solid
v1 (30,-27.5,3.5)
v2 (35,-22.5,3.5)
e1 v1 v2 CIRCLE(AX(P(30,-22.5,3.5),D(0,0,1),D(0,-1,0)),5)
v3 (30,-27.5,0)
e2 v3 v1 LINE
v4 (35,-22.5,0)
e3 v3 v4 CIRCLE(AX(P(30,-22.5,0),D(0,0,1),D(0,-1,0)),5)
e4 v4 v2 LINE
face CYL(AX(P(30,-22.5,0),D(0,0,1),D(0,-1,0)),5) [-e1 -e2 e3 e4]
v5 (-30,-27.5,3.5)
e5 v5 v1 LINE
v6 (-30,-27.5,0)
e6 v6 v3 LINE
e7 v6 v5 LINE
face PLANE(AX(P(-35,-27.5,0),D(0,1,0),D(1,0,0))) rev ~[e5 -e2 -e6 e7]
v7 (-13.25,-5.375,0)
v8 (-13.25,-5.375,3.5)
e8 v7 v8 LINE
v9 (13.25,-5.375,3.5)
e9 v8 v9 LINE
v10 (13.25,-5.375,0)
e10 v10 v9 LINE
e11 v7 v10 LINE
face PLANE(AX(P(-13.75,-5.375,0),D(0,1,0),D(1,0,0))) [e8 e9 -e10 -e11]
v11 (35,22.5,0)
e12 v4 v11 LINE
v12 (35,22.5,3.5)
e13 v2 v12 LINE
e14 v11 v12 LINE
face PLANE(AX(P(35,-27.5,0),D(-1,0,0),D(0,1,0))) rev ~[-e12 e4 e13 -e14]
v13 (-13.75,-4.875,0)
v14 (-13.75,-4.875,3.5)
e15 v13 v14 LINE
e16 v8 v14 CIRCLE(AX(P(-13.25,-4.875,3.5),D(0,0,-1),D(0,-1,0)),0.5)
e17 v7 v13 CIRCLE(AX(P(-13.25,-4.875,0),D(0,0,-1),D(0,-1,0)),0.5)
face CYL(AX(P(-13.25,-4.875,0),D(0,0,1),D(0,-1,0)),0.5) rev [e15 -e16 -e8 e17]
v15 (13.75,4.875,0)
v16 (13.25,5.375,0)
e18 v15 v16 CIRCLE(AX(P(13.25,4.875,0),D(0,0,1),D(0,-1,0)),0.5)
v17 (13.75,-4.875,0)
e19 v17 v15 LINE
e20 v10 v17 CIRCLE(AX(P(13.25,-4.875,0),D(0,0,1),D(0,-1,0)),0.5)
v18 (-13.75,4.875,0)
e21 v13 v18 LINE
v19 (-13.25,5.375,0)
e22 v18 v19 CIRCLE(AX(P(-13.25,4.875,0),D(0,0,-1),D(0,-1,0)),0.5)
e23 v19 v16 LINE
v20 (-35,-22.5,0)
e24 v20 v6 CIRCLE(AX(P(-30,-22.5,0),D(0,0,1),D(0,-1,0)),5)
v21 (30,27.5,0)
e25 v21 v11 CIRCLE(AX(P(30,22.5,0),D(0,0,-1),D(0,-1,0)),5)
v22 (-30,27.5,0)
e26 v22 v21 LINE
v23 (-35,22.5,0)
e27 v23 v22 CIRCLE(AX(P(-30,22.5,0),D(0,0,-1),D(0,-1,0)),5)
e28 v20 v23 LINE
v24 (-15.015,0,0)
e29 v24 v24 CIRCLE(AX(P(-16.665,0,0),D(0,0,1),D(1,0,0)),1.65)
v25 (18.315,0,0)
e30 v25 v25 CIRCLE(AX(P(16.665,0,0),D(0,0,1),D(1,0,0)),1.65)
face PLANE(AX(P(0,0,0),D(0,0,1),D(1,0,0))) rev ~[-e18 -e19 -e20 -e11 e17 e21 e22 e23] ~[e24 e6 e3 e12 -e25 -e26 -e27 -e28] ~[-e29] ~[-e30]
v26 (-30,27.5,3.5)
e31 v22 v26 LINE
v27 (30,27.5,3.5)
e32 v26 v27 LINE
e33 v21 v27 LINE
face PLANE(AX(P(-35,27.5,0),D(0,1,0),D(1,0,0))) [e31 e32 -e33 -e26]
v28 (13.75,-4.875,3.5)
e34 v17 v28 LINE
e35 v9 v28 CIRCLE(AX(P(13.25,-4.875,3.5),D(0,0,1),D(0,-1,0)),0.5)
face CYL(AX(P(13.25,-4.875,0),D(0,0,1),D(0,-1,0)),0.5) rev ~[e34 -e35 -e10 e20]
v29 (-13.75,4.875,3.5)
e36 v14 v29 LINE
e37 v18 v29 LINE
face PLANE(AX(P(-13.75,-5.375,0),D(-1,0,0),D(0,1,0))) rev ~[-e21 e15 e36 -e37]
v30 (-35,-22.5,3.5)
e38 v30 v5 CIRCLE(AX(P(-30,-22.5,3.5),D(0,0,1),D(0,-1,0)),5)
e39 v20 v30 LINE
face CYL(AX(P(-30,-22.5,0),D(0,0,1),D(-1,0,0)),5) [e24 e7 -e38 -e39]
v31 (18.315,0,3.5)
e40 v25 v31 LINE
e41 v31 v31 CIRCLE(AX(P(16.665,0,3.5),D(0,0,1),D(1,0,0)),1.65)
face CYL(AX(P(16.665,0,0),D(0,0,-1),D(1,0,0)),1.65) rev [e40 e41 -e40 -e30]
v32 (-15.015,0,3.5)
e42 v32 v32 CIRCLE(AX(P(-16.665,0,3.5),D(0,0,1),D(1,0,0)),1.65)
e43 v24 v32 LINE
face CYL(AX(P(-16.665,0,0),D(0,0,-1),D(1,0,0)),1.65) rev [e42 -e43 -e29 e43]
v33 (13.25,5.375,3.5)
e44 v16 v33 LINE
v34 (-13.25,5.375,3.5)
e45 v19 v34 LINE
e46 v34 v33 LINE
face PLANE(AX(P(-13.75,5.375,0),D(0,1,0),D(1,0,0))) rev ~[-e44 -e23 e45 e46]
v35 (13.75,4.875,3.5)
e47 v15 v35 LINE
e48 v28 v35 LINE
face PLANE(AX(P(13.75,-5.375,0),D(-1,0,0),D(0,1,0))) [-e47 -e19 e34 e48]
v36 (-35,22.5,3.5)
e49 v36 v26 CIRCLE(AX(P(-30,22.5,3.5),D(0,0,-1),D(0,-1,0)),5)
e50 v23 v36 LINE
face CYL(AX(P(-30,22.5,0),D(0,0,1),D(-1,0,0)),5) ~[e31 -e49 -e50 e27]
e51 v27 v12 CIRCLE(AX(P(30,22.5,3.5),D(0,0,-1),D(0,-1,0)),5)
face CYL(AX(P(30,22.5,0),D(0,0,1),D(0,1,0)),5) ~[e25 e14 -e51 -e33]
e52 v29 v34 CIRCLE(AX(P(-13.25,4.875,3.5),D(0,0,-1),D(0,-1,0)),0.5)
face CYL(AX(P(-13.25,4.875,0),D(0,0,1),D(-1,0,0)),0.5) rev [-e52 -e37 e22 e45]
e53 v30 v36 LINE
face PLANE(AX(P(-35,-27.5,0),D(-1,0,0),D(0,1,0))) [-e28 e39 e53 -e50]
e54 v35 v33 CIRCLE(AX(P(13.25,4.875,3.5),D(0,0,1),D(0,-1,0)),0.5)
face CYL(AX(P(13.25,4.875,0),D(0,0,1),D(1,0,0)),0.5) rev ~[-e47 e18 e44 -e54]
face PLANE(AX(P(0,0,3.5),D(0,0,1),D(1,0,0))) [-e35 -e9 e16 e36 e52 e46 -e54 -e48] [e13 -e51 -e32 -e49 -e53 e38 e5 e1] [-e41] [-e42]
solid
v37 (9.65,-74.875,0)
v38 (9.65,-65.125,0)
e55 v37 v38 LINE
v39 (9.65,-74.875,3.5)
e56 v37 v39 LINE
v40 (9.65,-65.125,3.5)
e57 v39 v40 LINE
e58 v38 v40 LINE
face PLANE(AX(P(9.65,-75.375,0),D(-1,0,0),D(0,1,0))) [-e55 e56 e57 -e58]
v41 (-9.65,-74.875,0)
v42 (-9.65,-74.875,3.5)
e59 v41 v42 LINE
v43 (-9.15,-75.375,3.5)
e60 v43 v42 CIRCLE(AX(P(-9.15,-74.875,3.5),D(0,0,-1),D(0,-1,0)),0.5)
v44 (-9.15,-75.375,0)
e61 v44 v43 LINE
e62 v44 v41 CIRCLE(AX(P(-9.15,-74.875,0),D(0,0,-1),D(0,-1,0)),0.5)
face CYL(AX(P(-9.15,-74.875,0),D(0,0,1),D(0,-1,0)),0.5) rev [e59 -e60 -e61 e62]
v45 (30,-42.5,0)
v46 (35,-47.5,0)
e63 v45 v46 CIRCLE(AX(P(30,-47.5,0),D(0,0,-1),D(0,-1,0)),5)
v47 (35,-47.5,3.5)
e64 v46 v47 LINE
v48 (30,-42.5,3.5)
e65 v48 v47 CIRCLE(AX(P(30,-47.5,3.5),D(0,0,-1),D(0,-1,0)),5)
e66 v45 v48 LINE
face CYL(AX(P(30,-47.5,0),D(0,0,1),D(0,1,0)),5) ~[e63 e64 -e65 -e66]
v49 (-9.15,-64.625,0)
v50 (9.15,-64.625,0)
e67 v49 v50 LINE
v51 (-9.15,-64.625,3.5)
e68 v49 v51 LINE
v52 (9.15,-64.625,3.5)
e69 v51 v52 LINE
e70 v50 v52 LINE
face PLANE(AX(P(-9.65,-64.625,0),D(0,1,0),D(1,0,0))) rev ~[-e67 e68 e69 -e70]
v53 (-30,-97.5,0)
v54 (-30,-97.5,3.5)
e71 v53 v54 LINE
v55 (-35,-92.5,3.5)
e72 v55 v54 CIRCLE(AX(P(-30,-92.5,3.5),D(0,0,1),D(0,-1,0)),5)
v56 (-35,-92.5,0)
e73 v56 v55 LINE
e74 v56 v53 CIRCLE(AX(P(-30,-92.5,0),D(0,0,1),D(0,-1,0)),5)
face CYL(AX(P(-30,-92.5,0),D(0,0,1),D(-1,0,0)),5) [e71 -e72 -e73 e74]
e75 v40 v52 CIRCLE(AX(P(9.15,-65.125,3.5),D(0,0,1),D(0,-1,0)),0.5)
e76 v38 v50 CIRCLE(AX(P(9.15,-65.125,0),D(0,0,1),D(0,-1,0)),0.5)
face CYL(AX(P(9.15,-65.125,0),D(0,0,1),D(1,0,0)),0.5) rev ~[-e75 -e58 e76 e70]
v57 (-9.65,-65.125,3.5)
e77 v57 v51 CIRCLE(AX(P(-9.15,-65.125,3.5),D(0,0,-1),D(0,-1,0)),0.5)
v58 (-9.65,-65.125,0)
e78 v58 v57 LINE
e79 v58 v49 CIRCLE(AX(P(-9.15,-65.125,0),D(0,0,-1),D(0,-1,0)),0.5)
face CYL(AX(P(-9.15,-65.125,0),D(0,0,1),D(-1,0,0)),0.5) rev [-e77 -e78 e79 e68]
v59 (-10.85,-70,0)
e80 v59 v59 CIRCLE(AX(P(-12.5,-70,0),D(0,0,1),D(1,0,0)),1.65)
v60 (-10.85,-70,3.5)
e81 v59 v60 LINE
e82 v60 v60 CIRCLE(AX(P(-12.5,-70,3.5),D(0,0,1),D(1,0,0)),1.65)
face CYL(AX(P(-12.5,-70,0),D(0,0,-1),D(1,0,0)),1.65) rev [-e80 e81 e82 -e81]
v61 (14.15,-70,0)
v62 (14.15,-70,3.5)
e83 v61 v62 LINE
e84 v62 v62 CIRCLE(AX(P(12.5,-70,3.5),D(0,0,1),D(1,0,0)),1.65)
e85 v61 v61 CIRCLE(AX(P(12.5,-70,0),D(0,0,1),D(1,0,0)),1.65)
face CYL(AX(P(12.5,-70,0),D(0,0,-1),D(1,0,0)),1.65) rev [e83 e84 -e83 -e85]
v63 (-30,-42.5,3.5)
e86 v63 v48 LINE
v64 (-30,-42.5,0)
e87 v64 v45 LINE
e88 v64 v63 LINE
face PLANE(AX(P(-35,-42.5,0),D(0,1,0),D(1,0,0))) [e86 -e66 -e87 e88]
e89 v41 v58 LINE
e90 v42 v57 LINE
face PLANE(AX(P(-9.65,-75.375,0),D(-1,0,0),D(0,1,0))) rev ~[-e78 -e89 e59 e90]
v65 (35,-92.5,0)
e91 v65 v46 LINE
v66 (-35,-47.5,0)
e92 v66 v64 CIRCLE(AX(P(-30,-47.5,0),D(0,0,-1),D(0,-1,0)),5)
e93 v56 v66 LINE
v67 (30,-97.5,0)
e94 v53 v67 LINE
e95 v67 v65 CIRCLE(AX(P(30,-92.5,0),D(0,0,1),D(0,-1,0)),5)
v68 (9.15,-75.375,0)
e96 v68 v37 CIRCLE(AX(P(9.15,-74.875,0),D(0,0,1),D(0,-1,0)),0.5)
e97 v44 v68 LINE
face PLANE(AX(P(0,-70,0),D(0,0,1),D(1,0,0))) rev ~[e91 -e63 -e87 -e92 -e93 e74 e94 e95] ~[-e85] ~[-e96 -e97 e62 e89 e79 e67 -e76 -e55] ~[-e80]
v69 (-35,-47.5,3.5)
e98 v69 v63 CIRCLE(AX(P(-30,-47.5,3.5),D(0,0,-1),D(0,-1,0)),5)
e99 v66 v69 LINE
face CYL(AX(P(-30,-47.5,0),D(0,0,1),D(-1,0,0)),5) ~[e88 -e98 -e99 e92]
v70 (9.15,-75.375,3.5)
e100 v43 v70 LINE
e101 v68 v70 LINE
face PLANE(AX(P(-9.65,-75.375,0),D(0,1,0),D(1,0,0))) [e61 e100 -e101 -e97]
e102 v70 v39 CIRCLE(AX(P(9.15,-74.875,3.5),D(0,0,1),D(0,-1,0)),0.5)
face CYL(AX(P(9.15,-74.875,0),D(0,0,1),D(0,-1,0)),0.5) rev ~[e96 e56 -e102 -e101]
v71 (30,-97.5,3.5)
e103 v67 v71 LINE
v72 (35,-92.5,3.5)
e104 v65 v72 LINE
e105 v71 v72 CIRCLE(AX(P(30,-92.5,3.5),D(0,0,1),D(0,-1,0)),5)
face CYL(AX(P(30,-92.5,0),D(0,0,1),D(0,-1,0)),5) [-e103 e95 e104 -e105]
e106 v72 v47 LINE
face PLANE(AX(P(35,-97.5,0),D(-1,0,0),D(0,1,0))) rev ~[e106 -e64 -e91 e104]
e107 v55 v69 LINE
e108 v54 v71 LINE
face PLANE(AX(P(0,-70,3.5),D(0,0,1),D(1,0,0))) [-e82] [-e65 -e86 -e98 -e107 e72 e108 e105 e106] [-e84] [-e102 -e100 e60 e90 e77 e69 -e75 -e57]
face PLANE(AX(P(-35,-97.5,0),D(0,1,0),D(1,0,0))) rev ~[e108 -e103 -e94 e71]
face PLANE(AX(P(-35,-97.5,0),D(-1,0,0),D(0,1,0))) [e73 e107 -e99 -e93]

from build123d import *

# Parameters (mm, degrees)
F0_W     = 70
F0_H     = 55
F0_R     = 1.65
F0_W_2   = 27.5
F0_H_2   = 10.75
F0_W_3   = 19.3
F1_DEPTH = 3.5
F2_R     = 5
F3_R     = 0.5


with BuildPart() as f1:
    # F0 (on Top) → F1 (new body)
    with BuildSketch(Plane.XY):
        Rectangle(F0_W, F0_H)
        with Locations((-16.665, 0)):
            Circle(F0_R, mode=Mode.SUBTRACT)
        Rectangle(F0_W_2, F0_H_2, mode=Mode.SUBTRACT)
        with Locations((16.665, 0)):
            Circle(F0_R, mode=Mode.SUBTRACT)
        with Locations((0, -70)):
            Rectangle(F0_W, F0_H)
        with Locations((-12.5, -70)):
            Circle(F0_R, mode=Mode.SUBTRACT)
        with Locations((0, -70)):
            Rectangle(F0_W_3, F0_H_2, mode=Mode.SUBTRACT)
        with Locations((12.5, -70)):
            Circle(F0_R, mode=Mode.SUBTRACT)
    extrude(amount=F1_DEPTH)

    # F2
    f2_edges = [f1.edges().sort_by_distance(p)[0] for p in [
        (35, 27.5, 1.75),
        (35, -27.5, 1.75),
        (35, -42.5, 1.75),
        (35, -97.5, 1.75),
        (-35, -97.5, 1.75),
        (-35, -42.5, 1.75),
        (-35, -27.5, 1.75),
        (-35, 27.5, 1.75),
    ]]
    fillet(f2_edges, radius=F2_R)

    # F3
    f3_edges = [f1.edges().sort_by_distance(p)[0] for p in [
        (13.75, -5.375, 1.75),
        (13.75, 5.375, 1.75),
        (-13.75, 5.375, 1.75),
        (-13.75, -5.375, 1.75),
        (-9.65, -64.625, 1.75),
        (9.65, -64.625, 1.75),
        (9.65, -75.375, 1.75),
        (-9.65, -75.375, 1.75),
    ]]
    fillet(f3_edges, radius=F3_R)


solid = f1.part
